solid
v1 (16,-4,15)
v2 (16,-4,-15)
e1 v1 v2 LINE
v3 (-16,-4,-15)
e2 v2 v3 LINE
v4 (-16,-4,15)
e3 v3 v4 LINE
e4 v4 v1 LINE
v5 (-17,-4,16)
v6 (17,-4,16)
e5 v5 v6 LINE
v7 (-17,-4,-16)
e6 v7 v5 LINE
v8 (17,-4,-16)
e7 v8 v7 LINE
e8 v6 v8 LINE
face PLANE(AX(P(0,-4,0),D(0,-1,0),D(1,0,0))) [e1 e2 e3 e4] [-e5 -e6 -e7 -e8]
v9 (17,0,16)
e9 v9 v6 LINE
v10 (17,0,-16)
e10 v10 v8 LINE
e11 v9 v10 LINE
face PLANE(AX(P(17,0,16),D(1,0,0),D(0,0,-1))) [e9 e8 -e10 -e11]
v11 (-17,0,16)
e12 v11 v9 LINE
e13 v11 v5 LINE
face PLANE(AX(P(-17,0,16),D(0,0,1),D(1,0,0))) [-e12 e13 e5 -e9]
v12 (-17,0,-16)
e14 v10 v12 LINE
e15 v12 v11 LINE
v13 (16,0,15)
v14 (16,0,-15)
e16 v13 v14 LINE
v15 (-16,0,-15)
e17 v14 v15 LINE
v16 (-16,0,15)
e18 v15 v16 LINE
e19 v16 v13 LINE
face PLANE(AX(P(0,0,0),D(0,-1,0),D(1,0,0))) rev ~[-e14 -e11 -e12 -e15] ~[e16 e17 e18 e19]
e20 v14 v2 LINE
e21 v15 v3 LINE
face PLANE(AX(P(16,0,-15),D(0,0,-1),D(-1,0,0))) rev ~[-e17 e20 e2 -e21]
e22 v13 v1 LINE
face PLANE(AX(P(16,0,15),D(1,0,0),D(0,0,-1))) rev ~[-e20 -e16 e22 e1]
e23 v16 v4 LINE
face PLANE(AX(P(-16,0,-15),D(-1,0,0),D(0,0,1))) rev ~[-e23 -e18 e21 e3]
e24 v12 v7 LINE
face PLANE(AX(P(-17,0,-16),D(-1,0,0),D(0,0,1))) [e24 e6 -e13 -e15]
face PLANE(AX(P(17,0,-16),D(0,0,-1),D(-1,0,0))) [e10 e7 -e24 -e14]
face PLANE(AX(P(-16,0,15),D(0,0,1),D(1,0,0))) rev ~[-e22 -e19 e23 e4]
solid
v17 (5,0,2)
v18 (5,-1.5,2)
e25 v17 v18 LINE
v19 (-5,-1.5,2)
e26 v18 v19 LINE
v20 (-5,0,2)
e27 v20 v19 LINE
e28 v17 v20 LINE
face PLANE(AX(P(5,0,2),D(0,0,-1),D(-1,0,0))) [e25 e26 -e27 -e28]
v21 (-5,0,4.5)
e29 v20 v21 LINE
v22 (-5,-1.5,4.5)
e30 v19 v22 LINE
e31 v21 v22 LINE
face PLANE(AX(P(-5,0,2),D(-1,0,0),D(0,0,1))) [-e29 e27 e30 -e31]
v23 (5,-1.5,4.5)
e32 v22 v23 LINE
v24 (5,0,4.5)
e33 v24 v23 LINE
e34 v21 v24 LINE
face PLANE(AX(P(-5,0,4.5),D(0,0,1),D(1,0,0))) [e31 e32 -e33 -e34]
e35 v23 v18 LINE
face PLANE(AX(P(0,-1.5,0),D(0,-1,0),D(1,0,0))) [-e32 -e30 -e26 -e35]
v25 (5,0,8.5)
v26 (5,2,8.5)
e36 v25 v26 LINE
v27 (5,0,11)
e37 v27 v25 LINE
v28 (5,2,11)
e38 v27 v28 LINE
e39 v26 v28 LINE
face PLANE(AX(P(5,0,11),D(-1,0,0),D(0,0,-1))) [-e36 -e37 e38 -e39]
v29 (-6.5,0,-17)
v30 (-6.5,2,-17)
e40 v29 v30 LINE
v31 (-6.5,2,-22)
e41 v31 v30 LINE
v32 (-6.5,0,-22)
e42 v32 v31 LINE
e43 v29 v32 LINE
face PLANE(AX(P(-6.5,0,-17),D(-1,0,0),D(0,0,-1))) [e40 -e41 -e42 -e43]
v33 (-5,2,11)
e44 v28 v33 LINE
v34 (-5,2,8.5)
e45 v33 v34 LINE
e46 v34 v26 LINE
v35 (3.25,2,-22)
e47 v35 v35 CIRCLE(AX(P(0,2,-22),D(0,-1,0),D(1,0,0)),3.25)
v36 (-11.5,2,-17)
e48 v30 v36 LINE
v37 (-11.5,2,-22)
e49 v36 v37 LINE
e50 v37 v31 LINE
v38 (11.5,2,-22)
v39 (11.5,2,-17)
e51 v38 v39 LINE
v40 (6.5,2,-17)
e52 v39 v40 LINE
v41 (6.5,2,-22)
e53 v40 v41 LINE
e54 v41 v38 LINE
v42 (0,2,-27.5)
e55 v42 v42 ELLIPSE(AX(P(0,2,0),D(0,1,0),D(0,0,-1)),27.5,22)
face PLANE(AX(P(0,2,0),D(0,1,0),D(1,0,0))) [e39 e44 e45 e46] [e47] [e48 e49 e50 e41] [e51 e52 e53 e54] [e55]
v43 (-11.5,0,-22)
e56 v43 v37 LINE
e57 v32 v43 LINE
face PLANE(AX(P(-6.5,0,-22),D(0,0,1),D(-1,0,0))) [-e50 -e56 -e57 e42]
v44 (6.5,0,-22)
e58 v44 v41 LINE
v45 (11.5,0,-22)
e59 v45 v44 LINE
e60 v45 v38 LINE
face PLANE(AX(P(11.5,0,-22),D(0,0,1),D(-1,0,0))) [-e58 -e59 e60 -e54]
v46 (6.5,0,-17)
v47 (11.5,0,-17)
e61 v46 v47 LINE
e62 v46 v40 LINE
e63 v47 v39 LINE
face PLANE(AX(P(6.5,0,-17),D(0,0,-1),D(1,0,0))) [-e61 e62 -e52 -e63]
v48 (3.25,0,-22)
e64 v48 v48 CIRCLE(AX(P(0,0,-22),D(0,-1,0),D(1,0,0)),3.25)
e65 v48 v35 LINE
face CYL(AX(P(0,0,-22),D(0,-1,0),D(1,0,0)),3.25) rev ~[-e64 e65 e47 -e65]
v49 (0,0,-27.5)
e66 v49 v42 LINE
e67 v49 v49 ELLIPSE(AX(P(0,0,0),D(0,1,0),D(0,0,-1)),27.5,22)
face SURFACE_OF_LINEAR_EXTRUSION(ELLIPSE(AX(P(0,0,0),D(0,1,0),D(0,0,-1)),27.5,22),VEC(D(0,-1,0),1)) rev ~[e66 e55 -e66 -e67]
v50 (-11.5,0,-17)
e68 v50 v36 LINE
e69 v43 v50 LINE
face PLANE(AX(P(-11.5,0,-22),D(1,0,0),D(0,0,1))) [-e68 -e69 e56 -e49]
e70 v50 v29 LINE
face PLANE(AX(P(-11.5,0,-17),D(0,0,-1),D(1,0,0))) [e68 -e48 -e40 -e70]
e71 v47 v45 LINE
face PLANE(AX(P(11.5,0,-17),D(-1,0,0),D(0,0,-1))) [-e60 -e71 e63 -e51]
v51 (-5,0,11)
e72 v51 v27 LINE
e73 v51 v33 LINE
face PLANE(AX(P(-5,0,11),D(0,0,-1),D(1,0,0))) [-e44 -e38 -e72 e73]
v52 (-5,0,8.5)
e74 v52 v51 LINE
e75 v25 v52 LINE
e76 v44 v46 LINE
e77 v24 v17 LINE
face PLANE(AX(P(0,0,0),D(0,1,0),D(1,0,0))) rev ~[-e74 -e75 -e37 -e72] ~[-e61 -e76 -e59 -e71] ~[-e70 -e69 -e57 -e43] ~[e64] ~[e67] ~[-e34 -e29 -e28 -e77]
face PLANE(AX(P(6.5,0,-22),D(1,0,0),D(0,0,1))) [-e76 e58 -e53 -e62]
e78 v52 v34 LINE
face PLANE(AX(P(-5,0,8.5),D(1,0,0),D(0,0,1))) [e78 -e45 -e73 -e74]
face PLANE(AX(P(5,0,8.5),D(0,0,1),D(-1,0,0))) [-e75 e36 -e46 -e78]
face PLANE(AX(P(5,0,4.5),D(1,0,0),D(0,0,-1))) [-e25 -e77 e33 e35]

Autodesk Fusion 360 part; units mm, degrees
sketch "Sketch1" plane through (0, 0, 0) normal (0, 1, 0) x (1, 0, 0)
  ellipse E0 centre (0, 0) end of major axis (0, 27.5) minor radius 22
  line L0 (0, -27.5) -> (0, 27.5) construction
  line L1 (22, 0) -> (-22, 0) construction
  dimension "d34" = 55
  dimension "d35" = 44
extrude "Extrude1" add sketch "Sketch1" along normal blind 2 makes body 1
sketch "Sketch2" plane through (0, 0, 0) normal (0, -1, 0) x (1, 0, 0)
  line L0 (-17, 16) -> (17, 16)
  line L1 (17, 16) -> (17, -16)
  line L2 (17, -16) -> (-17, -16)
  line L3 (-17, -16) -> (-17, 16)
  line L4 (-16, 15) -> (16, 15)
  line L5 (16, 15) -> (16, -15)
  line L6 (16, -15) -> (-16, -15)
  line L7 (-16, -15) -> (-16, 15)
  ellipse E0 centre (0, 0) end of major axis (0, -27.5) minor radius 22
  point P0 (-9.0615, 23.3)
  point P1 (0, 27.5)
  point P2 (0, -27.5)
  dimension "d5" = 1
  dimension "d6" = 1
  dimension "d7" = 1
  dimension "d8" = 1
  dimension "d45" = 34
  dimension "d46" = 32
  dimension "d47" = 12.5
  dimension "d48" = 12.5
extrude "Extrude2" add sketch "Sketch2" along normal blind 4 separate body contours L0 L1 L2 L3 makes body 2
sketch "Sketch3" plane through (0, 0, 0) normal (0, -1, 0) x (1, 0, 0)
  line L0 (-5, 11) -> (5, 11)
  line L1 (5, 11) -> (5, 8.5)
  line L2 (5, 8.5) -> (-5, 8.5)
  line L3 (-5, 8.5) -> (-5, 11)
  line L4 (-16, 15) -> (16, 15)
  line L5 (-5, 4.5) -> (5, 4.5)
  line L6 (5, 4.5) -> (5, 2)
  line L7 (5, 2) -> (-5, 2)
  line L8 (-5, 2) -> (-5, 4.5)
  ellipse E0 centre (0, 0) end of major axis (0, -27.5) minor radius 22
  dimension "d11" = 2.5
  dimension "d12" = 10
  dimension "d13" = 4
  dimension "d14" = 2.5
  dimension "d15" = 10
  dimension "d16" = 4
extrude "Extrude3" cut sketch "Sketch3" against normal blind 12 contours L0 L1 L2 L3 bodies 1
extrude "Extrude4" add sketch "Sketch3" along normal blind 1.5 contours L5 L6 L7 L8 bodies 1
sketch "Sketch5" plane through (0, 0, 0) normal (0, -1, 0) x (1, 0, 0)
  line L0 (-5, 2) -> (-5, 4.5)
  line L1 (-5, 4.5) -> (5, 4.5)
  line L2 (5, 4.5) -> (5, 2)
  line L3 (5, 2) -> (-5, 2)
  line L4 (5, 11) -> (5, 8.5)
  line L5 (5, 8.5) -> (-5, 8.5)
  line L6 (-5, 8.5) -> (-5, 11)
  line L7 (-5, 11) -> (5, 11)
  ellipse E0 centre (0, 0) end of major axis (0, -27.5) minor radius 22
  line L8 (-11.5, -17) -> (-6.5, -17)
  line L9 (-6.5, -17) -> (-6.5, -22)
  line L10 (-6.5, -22) -> (-11.5, -22)
  line L11 (-11.5, -22) -> (-11.5, -17)
  line L12 (-17, -16) -> (17, -16)
  line L13 (6.5, -17) -> (11.5, -17)
  line L14 (11.5, -17) -> (11.5, -22)
  line L15 (11.5, -22) -> (6.5, -22)
  line L16 (6.5, -22) -> (6.5, -17)
  circle A0 centre (0, -22) radius 3.25
  line L17 (-17, -16) -> (-17, -24.6969) construction
  line L18 (17, -16) -> (17, -29.3033) construction
  dimension "d36" = 5
  dimension "d37" = 5
  dimension "d38" = 1
  dimension "d39" = 5
  dimension "d40" = 5
  dimension "d41" = 1
  dimension "d42" = 13
  dimension "d43" = 6.5
  dimension "d44" = 6
  dimension "d49" = 5.5
  dimension "d50" = 5.5
extrude "Extrude7" cut sketch "Sketch5" against normal blind 9 contours L8 L9 L10 L11 | L13 L14 L15 L16 | A0 bodies 1
